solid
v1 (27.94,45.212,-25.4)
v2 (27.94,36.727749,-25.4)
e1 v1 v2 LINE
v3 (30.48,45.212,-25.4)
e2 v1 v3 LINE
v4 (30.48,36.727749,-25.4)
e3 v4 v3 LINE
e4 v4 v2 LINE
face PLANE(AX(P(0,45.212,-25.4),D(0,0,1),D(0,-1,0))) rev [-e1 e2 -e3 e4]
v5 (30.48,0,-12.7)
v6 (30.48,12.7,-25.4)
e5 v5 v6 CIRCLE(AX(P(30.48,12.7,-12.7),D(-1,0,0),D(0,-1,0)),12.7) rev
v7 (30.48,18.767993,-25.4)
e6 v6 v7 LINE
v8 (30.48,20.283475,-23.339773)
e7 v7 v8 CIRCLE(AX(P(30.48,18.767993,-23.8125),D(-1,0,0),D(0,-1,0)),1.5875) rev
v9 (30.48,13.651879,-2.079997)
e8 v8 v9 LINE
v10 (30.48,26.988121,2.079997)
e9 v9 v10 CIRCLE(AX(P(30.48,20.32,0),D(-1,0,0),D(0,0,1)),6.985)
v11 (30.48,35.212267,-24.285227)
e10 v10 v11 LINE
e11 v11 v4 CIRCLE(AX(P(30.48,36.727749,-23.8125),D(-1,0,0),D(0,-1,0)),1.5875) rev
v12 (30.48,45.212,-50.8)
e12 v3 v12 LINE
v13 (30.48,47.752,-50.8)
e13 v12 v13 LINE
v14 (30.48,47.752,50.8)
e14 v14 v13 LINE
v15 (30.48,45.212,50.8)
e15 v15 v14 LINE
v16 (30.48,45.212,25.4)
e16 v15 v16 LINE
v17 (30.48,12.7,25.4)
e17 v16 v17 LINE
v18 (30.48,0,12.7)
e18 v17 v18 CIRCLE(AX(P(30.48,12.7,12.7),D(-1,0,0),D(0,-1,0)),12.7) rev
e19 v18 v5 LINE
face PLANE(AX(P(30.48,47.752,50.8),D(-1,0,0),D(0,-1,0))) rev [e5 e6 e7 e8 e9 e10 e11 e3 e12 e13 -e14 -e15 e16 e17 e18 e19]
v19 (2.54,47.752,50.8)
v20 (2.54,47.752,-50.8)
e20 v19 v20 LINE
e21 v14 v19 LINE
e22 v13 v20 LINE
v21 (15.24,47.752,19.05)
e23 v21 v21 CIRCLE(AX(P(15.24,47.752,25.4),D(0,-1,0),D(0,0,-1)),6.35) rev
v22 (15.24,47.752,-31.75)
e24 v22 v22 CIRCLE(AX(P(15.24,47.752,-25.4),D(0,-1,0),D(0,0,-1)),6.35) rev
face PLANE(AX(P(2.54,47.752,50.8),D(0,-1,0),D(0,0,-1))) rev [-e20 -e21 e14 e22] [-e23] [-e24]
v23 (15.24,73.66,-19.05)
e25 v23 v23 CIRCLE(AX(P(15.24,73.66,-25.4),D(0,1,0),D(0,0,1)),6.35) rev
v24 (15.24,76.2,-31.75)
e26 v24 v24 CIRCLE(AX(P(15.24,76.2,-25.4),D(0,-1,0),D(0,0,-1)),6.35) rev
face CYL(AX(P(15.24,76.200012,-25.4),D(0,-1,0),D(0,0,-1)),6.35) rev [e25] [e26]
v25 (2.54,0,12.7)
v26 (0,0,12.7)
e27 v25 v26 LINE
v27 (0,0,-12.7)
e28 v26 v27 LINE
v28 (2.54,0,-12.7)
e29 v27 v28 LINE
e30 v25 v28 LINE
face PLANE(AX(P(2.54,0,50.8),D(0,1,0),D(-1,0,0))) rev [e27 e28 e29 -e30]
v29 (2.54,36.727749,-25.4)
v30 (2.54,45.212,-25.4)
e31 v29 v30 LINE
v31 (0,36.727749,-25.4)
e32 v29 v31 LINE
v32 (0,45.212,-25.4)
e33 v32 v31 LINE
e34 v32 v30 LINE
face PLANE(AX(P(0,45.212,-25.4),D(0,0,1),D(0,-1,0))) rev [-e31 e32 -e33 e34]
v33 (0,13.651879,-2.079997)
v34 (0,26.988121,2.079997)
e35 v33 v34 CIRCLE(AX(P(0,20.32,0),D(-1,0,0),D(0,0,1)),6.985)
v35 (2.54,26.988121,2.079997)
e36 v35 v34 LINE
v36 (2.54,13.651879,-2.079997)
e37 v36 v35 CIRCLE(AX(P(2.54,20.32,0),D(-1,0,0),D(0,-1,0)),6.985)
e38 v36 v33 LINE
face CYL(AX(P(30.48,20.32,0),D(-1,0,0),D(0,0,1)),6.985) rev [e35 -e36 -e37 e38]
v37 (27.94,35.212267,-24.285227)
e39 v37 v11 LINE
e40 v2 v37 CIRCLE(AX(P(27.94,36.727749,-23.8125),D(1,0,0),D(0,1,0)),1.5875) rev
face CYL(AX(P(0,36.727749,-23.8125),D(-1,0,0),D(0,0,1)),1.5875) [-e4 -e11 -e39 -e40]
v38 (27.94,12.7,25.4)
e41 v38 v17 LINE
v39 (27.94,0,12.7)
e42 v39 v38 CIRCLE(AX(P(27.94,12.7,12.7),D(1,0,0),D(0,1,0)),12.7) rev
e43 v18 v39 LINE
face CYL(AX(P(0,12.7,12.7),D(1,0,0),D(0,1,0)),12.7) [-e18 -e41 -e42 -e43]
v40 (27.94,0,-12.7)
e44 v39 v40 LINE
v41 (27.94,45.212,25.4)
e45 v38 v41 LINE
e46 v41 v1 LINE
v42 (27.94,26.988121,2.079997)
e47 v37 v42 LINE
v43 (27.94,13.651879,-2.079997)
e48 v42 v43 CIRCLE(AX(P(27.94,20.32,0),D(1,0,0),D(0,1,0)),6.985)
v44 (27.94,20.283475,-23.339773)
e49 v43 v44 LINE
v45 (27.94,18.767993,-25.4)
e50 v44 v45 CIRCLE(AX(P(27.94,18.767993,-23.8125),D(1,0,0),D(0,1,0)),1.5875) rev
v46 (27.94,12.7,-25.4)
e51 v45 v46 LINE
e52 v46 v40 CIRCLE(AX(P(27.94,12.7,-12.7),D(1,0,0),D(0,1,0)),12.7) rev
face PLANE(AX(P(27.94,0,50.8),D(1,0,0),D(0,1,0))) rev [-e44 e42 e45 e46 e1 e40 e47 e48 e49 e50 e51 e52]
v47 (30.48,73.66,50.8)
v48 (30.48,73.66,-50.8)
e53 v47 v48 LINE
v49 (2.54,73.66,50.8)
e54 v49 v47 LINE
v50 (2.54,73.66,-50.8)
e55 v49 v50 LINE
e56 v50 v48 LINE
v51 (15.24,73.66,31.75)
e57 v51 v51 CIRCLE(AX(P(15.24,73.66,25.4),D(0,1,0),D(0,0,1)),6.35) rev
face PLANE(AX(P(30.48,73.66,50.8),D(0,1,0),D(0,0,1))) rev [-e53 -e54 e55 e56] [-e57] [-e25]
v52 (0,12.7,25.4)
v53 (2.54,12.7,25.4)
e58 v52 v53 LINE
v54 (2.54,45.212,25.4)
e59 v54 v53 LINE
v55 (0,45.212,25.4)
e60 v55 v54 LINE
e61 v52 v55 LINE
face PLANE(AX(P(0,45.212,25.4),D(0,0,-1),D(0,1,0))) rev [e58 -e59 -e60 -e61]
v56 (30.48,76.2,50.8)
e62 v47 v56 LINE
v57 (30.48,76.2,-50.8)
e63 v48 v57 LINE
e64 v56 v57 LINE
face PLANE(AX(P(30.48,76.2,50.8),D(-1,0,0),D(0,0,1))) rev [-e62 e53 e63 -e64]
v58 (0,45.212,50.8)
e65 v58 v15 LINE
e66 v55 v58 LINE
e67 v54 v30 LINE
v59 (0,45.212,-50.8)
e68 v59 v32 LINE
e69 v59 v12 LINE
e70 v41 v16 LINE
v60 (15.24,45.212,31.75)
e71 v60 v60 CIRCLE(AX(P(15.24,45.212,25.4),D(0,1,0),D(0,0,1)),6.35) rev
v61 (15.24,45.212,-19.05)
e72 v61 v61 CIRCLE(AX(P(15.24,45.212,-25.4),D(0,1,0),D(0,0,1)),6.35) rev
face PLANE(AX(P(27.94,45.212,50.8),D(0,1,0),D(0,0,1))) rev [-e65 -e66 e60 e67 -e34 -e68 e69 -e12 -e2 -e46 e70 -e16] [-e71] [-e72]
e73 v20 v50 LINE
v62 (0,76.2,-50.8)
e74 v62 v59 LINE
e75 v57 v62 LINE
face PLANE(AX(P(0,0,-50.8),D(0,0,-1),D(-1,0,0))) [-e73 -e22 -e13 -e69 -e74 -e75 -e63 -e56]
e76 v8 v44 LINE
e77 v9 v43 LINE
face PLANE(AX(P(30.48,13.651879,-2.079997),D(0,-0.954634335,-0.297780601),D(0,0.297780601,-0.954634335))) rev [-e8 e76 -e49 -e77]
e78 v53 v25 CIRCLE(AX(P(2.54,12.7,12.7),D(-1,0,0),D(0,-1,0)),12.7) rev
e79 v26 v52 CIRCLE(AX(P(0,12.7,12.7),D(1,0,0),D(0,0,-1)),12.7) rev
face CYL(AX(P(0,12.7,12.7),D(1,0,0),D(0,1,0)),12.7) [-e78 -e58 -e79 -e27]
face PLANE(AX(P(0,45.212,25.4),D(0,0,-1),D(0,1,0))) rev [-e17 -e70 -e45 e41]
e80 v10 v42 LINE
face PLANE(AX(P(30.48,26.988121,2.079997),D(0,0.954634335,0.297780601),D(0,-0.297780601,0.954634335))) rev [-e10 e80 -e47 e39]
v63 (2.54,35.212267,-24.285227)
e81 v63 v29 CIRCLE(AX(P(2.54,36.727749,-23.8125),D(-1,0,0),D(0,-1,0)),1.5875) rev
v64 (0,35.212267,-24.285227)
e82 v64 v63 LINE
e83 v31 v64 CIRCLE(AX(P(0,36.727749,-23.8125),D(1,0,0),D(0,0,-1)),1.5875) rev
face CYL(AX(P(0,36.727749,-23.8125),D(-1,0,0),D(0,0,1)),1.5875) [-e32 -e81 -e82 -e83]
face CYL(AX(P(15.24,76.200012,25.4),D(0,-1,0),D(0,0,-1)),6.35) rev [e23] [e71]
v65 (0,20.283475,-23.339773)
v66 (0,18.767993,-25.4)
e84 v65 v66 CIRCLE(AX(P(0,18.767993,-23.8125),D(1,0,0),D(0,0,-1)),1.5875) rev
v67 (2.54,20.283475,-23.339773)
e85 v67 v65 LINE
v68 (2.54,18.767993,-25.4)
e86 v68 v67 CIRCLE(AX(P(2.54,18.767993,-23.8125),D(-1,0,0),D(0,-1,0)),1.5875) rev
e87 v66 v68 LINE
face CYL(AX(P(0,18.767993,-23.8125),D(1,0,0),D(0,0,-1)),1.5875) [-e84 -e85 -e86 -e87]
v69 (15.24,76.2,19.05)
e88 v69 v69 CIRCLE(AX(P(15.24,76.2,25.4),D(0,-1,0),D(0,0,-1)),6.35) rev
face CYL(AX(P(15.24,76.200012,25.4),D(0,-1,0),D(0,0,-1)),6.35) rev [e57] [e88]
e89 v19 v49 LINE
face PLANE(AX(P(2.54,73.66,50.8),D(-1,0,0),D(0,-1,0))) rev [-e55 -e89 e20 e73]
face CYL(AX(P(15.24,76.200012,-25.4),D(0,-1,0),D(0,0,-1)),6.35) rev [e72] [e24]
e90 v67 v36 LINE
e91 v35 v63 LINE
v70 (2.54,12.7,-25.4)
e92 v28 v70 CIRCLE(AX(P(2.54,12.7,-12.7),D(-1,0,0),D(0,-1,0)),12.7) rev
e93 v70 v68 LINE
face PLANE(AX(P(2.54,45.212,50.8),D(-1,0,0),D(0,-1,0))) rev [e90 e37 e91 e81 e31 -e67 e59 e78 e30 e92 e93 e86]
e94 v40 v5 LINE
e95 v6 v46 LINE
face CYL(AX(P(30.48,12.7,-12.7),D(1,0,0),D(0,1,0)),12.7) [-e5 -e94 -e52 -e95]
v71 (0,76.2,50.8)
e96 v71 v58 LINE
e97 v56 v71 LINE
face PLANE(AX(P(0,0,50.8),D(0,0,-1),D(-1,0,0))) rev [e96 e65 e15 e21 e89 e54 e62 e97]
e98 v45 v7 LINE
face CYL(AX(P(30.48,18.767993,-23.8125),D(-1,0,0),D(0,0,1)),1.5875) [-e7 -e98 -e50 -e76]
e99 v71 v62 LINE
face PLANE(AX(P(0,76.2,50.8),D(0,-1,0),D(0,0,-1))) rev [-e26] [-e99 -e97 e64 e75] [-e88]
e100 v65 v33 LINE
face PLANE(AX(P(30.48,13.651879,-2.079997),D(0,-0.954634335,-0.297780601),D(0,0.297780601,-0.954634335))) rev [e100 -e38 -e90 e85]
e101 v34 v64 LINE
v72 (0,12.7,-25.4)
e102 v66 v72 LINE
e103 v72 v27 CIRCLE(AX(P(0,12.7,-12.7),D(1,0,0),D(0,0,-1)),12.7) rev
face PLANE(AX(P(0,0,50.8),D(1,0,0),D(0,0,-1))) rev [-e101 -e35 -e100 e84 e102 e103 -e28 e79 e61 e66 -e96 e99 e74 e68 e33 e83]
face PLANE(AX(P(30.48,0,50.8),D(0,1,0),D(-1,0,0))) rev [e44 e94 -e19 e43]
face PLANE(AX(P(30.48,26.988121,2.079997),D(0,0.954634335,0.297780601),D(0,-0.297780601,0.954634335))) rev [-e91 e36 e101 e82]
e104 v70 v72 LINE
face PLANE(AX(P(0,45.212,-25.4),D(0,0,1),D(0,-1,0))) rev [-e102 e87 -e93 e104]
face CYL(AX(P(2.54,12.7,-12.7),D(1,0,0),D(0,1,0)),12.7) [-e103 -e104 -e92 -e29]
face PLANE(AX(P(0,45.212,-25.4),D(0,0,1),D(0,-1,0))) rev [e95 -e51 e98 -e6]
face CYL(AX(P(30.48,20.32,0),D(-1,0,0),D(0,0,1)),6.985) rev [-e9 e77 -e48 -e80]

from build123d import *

# Parameters (mm, degrees)
BOSS_EXTRUDE1_DEPTH     = 50.8
SKETCH4_W               = 25.4
SKETCH4_H               = 45.212
CUT_EXTRUDE1_DEPTH      = 1
CUT_EXTRUDE1_DEPTH_BACK = 31.48
CUT_EXTRUDE2_DEPTH      = 1
CUT_EXTRUDE2_DEPTH_BACK = 31.48
FILLET1_R               = 12.7
FILLET2_R               = 1.5875
SKETCH6_R               = 6.35
BOLT_HOLES_DEPTH        = 1
BOLT_HOLES_DEPTH_BACK   = 50.8


with BuildPart() as part:
    # Sketch1 → Boss-Extrude1 (new body, symmetric)
    with BuildSketch(Plane.XY):
        Polygon((0, 0), (0, 76.2), (30.48, 76.2), (30.48, 73.66), (2.54, 73.66), (2.54, 47.752), (30.48, 47.752), (30.48, 0), (27.94, 0), (27.94, 45.212), (2.54, 45.212), (2.54, 0), align=None)
    extrude(amount=BOSS_EXTRUDE1_DEPTH, both=True)

    # Sketch4 → Cut-Extrude1 (cut, two sides)
    with BuildSketch(Plane(origin=(30.48, 0, 0), x_dir=(0, 0, -1), z_dir=(1, 0, 0))) as cut_extrude1_sk:
        with Locations((-38.1, 22.606)):
            Rectangle(SKETCH4_W, SKETCH4_H)
        with Locations((38.1, 22.606)):
            Rectangle(SKETCH4_W, SKETCH4_H)
    extrude(amount=CUT_EXTRUDE1_DEPTH, mode=Mode.SUBTRACT)
    extrude(cut_extrude1_sk.sketch, amount=-CUT_EXTRUDE1_DEPTH_BACK, mode=Mode.SUBTRACT)

    # Sketch5 → Cut-Extrude2 (cut, two sides)
    with BuildSketch(Plane.ZY) as cut_extrude2_sk:
        with BuildLine():
            Line((2.079997498, 26.98812083), (-25.4, 35.56))
            Line((-25.4, 35.56), (-25.4, 20.926124507))
            Line((-25.4, 20.926124507), (-2.079997498, 13.65187917))
            ThreePointArc((-2.079997498, 13.65187917), (6.66812083, 18.240002502), (2.079997498, 26.98812083))
        make_face()
    extrude(amount=CUT_EXTRUDE2_DEPTH, mode=Mode.SUBTRACT)
    extrude(cut_extrude2_sk.sketch, amount=-CUT_EXTRUDE2_DEPTH_BACK, mode=Mode.SUBTRACT)

    # Fillet1
    fillet1_edges = [part.edges().sort_by_distance(p)[0] for p in [
        (1.27, 0, 25.4),
        (29.21, 0, 25.4),
        (1.27, 0, -25.4),
        (29.21, 0, -25.4),
    ]]
    fillet(fillet1_edges, radius=FILLET1_R)

    # Fillet2
    fillet2_edges = [part.edges().sort_by_distance(p)[0] for p in [
        (29.21, 20.926124507, -25.4),
        (29.21, 35.56, -25.4),
        (1.27, 35.56, -25.4),
        (1.27, 20.926124507, -25.4),
    ]]
    fillet(fillet2_edges, radius=FILLET2_R)

    # Sketch6 → BOLT HOLES (cut, two sides)
    with BuildSketch(Plane(origin=(0, 76.2, 0), x_dir=(1, 0, 0), z_dir=(0, 1, 0))) as bolt_holes_sk:
        with Locations((15.24, 25.4)):
            Circle(SKETCH6_R)
        with Locations((15.24, -25.4)):
            Circle(SKETCH6_R)
    extrude(amount=BOLT_HOLES_DEPTH, mode=Mode.SUBTRACT)
    extrude(bolt_holes_sk.sketch, amount=-BOLT_HOLES_DEPTH_BACK, mode=Mode.SUBTRACT)


solid = part.part
